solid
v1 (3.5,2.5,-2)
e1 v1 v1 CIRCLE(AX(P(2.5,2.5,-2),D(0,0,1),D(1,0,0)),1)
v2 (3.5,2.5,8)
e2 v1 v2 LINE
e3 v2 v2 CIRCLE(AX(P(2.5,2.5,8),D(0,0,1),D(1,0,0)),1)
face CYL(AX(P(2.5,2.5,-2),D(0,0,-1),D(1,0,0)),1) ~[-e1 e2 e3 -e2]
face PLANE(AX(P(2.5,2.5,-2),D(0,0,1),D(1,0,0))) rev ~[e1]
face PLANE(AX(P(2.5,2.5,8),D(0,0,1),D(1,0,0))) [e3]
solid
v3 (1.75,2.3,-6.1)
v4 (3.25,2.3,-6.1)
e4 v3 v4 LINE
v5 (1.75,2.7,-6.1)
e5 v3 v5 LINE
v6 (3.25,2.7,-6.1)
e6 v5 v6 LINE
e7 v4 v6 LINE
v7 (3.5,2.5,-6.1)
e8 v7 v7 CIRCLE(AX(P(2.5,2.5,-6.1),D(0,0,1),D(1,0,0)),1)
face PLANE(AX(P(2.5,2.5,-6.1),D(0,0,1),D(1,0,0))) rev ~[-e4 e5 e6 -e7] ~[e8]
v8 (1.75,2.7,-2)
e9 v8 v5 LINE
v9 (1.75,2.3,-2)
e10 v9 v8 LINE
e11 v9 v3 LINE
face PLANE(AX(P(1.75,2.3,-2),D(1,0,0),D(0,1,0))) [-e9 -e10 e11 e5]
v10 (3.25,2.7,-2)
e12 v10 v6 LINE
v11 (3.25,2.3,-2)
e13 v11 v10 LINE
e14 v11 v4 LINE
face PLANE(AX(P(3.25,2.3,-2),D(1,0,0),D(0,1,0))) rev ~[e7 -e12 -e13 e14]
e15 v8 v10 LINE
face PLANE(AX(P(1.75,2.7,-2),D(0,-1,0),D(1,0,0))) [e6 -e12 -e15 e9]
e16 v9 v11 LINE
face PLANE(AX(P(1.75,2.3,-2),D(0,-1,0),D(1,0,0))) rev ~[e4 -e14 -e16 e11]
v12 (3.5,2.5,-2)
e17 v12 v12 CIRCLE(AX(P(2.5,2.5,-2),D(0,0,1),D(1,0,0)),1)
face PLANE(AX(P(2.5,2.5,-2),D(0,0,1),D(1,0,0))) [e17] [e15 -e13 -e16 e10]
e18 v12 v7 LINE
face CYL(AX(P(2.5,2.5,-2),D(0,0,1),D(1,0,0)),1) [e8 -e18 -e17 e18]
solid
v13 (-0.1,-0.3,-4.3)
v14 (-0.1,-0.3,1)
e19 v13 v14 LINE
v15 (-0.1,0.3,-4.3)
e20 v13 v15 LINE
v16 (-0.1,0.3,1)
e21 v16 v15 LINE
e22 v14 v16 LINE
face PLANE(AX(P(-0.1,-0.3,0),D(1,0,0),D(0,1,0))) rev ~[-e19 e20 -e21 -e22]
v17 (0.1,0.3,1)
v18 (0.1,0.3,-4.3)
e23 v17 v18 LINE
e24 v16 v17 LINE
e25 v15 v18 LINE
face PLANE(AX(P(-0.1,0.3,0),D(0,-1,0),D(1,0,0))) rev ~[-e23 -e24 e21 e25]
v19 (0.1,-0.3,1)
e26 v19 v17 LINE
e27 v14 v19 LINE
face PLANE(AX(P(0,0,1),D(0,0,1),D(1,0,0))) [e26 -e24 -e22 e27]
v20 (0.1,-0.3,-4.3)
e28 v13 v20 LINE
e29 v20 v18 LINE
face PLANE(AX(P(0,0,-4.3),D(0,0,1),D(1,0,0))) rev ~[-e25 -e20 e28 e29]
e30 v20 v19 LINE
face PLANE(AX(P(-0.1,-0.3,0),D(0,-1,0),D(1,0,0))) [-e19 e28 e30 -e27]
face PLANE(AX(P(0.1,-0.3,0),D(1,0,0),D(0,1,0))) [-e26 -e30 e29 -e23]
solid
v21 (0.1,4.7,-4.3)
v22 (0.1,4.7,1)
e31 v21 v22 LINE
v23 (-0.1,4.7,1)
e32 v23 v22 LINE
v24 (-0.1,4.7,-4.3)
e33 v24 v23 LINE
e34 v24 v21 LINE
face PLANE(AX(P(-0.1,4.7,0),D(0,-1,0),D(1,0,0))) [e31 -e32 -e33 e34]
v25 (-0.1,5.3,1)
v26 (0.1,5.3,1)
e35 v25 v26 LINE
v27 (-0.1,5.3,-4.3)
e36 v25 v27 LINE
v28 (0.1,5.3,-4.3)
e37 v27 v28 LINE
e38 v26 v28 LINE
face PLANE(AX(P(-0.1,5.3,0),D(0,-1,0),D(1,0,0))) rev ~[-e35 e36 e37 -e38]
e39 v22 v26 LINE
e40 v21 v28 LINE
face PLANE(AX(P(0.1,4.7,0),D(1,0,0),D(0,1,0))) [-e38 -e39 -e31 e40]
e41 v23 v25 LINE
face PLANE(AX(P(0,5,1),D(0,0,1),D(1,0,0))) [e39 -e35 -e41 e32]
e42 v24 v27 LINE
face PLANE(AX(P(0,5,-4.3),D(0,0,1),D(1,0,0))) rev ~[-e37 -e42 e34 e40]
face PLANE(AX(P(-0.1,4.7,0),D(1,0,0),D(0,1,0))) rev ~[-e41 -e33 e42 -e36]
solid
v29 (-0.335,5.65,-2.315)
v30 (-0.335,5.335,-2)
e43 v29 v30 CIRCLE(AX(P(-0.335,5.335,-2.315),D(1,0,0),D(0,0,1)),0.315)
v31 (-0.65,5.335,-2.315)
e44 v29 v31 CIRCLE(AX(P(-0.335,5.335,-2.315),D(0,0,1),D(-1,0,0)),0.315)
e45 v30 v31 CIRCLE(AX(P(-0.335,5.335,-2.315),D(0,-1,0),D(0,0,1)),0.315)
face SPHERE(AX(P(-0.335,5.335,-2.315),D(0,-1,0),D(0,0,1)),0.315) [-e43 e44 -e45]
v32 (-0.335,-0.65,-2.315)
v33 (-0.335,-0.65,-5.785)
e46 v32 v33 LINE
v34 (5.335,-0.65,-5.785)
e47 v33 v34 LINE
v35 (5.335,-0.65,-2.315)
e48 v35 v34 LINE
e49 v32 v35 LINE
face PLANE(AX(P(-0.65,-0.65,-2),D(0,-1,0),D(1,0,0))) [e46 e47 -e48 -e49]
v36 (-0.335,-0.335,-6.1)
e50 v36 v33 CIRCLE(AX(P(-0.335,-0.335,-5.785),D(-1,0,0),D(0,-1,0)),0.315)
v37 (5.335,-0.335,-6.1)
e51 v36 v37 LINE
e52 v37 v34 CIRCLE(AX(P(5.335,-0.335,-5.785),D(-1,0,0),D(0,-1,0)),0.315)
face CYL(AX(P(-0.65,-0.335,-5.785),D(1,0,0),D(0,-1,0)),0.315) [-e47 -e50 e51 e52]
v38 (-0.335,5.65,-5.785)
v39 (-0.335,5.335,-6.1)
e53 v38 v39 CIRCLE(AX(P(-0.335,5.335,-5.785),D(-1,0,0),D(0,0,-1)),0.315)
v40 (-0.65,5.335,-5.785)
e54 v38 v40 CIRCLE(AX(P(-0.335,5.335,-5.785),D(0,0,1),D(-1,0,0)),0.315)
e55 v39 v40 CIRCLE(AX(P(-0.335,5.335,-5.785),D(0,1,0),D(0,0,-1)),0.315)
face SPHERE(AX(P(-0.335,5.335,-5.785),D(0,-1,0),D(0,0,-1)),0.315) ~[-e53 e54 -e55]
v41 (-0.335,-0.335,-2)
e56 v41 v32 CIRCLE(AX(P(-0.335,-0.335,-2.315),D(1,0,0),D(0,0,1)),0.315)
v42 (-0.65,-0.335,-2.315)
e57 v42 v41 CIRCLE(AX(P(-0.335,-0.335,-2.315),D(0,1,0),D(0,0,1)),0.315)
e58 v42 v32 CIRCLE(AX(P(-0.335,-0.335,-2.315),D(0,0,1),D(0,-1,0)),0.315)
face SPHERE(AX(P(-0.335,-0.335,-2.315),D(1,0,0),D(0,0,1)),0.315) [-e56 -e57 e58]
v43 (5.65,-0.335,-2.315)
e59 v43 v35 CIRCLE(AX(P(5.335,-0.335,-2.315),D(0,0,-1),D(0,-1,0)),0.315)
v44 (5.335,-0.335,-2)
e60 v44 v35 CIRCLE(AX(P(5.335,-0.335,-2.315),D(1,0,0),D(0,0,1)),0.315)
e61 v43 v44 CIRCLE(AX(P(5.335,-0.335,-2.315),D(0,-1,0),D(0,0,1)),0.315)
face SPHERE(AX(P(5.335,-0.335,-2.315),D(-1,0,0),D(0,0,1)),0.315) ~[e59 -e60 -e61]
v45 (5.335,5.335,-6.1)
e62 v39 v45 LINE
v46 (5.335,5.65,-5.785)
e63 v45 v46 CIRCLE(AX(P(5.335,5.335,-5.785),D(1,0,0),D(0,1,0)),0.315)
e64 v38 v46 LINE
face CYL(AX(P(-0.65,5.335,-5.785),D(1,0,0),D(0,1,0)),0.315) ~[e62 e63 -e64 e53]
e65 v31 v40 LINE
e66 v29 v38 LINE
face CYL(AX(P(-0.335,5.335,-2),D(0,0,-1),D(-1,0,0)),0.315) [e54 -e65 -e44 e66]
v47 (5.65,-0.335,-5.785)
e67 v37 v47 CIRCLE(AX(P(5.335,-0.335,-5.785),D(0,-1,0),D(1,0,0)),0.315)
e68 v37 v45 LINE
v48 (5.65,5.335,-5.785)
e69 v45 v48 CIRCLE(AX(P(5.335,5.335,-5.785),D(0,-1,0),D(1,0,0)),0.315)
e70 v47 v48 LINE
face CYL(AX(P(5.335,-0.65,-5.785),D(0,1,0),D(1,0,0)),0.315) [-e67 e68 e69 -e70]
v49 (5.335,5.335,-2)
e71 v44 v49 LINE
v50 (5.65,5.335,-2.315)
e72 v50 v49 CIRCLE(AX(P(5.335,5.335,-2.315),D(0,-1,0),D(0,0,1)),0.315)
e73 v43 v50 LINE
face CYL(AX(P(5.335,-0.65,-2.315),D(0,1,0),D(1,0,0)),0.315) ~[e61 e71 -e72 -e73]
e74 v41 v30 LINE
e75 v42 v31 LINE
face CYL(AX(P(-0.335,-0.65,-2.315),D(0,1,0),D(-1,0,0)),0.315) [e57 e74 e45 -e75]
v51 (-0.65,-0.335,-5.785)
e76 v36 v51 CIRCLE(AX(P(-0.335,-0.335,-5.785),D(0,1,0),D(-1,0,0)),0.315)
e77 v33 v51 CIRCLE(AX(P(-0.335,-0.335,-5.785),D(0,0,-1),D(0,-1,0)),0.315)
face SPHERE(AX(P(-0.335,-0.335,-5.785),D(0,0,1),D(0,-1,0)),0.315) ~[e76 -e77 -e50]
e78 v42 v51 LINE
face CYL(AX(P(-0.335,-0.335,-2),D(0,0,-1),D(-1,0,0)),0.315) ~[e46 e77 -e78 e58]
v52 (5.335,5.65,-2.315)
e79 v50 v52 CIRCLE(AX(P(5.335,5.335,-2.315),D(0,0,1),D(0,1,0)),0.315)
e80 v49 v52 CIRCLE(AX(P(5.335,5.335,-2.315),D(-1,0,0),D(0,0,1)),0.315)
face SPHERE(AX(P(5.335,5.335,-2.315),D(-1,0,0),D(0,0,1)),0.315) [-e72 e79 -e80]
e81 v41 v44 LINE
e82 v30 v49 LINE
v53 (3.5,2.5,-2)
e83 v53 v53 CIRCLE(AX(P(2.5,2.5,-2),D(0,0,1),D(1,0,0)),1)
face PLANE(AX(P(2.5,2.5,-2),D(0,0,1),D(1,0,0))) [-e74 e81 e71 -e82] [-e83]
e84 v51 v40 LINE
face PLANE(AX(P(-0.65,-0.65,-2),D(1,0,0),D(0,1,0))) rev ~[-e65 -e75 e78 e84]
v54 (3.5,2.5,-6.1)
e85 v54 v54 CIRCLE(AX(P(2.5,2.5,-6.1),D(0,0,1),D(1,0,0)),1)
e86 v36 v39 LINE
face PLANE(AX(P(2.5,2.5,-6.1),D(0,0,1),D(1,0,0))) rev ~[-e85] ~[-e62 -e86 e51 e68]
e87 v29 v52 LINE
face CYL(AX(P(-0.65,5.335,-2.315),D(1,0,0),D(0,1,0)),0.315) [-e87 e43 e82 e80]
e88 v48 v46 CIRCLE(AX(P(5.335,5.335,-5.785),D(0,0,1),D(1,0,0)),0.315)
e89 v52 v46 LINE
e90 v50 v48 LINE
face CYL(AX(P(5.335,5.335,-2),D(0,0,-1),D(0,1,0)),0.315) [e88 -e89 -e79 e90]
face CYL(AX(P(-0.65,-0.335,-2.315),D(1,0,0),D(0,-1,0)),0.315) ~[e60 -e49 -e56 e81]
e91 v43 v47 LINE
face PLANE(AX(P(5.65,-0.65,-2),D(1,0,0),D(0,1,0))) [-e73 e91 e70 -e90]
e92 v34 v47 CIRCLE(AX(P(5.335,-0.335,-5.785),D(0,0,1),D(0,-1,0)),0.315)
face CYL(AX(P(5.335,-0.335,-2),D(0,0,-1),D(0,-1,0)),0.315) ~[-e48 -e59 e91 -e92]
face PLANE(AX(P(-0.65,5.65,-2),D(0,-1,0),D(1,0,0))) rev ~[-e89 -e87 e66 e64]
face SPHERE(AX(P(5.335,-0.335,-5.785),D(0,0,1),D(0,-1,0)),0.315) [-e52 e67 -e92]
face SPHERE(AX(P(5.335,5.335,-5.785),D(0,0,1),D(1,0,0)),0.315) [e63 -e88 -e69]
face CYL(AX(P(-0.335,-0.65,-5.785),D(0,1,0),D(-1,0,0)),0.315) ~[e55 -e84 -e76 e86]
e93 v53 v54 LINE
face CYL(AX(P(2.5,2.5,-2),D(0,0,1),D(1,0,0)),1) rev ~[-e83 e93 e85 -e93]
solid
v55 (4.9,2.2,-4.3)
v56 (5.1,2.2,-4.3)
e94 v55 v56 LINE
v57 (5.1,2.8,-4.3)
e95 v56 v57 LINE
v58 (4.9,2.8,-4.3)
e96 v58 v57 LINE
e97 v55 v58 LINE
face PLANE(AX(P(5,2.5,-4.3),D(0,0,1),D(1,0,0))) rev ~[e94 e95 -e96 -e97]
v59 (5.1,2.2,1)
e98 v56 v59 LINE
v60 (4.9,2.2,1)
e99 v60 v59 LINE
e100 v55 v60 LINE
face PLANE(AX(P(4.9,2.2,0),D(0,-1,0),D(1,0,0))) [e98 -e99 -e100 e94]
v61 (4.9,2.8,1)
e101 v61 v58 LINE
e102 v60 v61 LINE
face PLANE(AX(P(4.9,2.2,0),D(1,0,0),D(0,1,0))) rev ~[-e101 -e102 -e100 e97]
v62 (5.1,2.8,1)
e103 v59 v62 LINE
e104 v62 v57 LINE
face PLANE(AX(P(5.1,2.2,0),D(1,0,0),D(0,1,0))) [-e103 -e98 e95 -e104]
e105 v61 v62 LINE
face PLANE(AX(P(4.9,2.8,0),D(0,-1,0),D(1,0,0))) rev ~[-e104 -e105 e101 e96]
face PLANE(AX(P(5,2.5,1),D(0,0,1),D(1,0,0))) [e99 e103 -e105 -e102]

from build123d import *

# Parameters (mm, degrees)
SKETCH003_W       = 0.2
SKETCH003_H       = 0.6
PAD002_DEPTH      = 1
PAD002_DEPTH_BACK = 4.3
SKETCH004_R       = 1
SKETCH004_W       = 1.5
SKETCH004_H       = 0.4
PAD003_DEPTH      = 4.1
SKETCH006_R       = 1
PAD005_DEPTH      = 10
SKETCH_W          = 6.3
SKETCH_H          = 6.3
SKETCH_R          = 1
PAD_DEPTH         = 4.1
FILLET_R          = 0.315


with BuildPart() as pad002:
    # Sketch003 → Pad002 (new body, two sides)
    with BuildSketch(Plane(origin=(0, 5, 0), x_dir=(1, 0, 0), z_dir=(0, 0, 1))) as pad002_sk:
        Rectangle(SKETCH003_W, SKETCH003_H)
        with Locations((5, -2.5)):
            Rectangle(SKETCH003_W, SKETCH003_H)
        with Locations((0, -5)):
            Rectangle(SKETCH003_W, SKETCH003_H)
    extrude(amount=PAD002_DEPTH)
    extrude(pad002_sk.sketch, amount=-PAD002_DEPTH_BACK)


with BuildPart() as pad003:
    # Sketch004 → Pad003 (new body)
    with BuildSketch(Plane(origin=(0, 5, -2), x_dir=(1, 0, 0), z_dir=(0, 0, 1))):
        with Locations((2.5, -2.5)):
            Circle(SKETCH004_R)
        with Locations((2.5, -2.5)):
            Rectangle(SKETCH004_W, SKETCH004_H, mode=Mode.SUBTRACT)
    extrude(amount=-PAD003_DEPTH)


with BuildPart() as pad005:
    # Sketch006 → Pad005 (new body)
    with BuildSketch(Plane(origin=(0, 5, -2), x_dir=(1, 0, 0), z_dir=(0, 0, 1))):
        with Locations((2.5, -2.5)):
            Circle(SKETCH006_R)
    extrude(amount=PAD005_DEPTH)


with BuildPart() as fillet_body:
    # Sketch → Pad (new body)
    with BuildSketch(Plane(origin=(0, 5, -2), x_dir=(1, 0, 0), z_dir=(0, 0, 1))):
        with Locations((2.5, -2.5)):
            Rectangle(SKETCH_W, SKETCH_H)
        with Locations((2.5, -2.5)):
            Circle(SKETCH_R, mode=Mode.SUBTRACT)
    extrude(amount=-PAD_DEPTH)

    # Fillet
    fillet_edges = [fillet_body.edges().sort_by_distance(p)[0] for p in [
        (2.5, -0.65, -2),
        (-0.65, 2.5, -2),
        (2.5, 5.65, -2),
        (5.65, 2.5, -2),
        (5.65, 5.65, -4.05),
        (5.65, -0.65, -4.05),
        (-0.65, -0.65, -4.05),
        (2.5, -0.65, -6.1),
        (5.65, 2.5, -6.1),
        (-0.65, 2.5, -6.1),
        (2.5, 5.65, -6.1),
        (-0.65, 5.65, -4.05),
    ]]
    fillet(fillet_edges, radius=FILLET_R)


solid = Compound([pad002.part, pad003.part, pad005.part, fillet_body.part])
